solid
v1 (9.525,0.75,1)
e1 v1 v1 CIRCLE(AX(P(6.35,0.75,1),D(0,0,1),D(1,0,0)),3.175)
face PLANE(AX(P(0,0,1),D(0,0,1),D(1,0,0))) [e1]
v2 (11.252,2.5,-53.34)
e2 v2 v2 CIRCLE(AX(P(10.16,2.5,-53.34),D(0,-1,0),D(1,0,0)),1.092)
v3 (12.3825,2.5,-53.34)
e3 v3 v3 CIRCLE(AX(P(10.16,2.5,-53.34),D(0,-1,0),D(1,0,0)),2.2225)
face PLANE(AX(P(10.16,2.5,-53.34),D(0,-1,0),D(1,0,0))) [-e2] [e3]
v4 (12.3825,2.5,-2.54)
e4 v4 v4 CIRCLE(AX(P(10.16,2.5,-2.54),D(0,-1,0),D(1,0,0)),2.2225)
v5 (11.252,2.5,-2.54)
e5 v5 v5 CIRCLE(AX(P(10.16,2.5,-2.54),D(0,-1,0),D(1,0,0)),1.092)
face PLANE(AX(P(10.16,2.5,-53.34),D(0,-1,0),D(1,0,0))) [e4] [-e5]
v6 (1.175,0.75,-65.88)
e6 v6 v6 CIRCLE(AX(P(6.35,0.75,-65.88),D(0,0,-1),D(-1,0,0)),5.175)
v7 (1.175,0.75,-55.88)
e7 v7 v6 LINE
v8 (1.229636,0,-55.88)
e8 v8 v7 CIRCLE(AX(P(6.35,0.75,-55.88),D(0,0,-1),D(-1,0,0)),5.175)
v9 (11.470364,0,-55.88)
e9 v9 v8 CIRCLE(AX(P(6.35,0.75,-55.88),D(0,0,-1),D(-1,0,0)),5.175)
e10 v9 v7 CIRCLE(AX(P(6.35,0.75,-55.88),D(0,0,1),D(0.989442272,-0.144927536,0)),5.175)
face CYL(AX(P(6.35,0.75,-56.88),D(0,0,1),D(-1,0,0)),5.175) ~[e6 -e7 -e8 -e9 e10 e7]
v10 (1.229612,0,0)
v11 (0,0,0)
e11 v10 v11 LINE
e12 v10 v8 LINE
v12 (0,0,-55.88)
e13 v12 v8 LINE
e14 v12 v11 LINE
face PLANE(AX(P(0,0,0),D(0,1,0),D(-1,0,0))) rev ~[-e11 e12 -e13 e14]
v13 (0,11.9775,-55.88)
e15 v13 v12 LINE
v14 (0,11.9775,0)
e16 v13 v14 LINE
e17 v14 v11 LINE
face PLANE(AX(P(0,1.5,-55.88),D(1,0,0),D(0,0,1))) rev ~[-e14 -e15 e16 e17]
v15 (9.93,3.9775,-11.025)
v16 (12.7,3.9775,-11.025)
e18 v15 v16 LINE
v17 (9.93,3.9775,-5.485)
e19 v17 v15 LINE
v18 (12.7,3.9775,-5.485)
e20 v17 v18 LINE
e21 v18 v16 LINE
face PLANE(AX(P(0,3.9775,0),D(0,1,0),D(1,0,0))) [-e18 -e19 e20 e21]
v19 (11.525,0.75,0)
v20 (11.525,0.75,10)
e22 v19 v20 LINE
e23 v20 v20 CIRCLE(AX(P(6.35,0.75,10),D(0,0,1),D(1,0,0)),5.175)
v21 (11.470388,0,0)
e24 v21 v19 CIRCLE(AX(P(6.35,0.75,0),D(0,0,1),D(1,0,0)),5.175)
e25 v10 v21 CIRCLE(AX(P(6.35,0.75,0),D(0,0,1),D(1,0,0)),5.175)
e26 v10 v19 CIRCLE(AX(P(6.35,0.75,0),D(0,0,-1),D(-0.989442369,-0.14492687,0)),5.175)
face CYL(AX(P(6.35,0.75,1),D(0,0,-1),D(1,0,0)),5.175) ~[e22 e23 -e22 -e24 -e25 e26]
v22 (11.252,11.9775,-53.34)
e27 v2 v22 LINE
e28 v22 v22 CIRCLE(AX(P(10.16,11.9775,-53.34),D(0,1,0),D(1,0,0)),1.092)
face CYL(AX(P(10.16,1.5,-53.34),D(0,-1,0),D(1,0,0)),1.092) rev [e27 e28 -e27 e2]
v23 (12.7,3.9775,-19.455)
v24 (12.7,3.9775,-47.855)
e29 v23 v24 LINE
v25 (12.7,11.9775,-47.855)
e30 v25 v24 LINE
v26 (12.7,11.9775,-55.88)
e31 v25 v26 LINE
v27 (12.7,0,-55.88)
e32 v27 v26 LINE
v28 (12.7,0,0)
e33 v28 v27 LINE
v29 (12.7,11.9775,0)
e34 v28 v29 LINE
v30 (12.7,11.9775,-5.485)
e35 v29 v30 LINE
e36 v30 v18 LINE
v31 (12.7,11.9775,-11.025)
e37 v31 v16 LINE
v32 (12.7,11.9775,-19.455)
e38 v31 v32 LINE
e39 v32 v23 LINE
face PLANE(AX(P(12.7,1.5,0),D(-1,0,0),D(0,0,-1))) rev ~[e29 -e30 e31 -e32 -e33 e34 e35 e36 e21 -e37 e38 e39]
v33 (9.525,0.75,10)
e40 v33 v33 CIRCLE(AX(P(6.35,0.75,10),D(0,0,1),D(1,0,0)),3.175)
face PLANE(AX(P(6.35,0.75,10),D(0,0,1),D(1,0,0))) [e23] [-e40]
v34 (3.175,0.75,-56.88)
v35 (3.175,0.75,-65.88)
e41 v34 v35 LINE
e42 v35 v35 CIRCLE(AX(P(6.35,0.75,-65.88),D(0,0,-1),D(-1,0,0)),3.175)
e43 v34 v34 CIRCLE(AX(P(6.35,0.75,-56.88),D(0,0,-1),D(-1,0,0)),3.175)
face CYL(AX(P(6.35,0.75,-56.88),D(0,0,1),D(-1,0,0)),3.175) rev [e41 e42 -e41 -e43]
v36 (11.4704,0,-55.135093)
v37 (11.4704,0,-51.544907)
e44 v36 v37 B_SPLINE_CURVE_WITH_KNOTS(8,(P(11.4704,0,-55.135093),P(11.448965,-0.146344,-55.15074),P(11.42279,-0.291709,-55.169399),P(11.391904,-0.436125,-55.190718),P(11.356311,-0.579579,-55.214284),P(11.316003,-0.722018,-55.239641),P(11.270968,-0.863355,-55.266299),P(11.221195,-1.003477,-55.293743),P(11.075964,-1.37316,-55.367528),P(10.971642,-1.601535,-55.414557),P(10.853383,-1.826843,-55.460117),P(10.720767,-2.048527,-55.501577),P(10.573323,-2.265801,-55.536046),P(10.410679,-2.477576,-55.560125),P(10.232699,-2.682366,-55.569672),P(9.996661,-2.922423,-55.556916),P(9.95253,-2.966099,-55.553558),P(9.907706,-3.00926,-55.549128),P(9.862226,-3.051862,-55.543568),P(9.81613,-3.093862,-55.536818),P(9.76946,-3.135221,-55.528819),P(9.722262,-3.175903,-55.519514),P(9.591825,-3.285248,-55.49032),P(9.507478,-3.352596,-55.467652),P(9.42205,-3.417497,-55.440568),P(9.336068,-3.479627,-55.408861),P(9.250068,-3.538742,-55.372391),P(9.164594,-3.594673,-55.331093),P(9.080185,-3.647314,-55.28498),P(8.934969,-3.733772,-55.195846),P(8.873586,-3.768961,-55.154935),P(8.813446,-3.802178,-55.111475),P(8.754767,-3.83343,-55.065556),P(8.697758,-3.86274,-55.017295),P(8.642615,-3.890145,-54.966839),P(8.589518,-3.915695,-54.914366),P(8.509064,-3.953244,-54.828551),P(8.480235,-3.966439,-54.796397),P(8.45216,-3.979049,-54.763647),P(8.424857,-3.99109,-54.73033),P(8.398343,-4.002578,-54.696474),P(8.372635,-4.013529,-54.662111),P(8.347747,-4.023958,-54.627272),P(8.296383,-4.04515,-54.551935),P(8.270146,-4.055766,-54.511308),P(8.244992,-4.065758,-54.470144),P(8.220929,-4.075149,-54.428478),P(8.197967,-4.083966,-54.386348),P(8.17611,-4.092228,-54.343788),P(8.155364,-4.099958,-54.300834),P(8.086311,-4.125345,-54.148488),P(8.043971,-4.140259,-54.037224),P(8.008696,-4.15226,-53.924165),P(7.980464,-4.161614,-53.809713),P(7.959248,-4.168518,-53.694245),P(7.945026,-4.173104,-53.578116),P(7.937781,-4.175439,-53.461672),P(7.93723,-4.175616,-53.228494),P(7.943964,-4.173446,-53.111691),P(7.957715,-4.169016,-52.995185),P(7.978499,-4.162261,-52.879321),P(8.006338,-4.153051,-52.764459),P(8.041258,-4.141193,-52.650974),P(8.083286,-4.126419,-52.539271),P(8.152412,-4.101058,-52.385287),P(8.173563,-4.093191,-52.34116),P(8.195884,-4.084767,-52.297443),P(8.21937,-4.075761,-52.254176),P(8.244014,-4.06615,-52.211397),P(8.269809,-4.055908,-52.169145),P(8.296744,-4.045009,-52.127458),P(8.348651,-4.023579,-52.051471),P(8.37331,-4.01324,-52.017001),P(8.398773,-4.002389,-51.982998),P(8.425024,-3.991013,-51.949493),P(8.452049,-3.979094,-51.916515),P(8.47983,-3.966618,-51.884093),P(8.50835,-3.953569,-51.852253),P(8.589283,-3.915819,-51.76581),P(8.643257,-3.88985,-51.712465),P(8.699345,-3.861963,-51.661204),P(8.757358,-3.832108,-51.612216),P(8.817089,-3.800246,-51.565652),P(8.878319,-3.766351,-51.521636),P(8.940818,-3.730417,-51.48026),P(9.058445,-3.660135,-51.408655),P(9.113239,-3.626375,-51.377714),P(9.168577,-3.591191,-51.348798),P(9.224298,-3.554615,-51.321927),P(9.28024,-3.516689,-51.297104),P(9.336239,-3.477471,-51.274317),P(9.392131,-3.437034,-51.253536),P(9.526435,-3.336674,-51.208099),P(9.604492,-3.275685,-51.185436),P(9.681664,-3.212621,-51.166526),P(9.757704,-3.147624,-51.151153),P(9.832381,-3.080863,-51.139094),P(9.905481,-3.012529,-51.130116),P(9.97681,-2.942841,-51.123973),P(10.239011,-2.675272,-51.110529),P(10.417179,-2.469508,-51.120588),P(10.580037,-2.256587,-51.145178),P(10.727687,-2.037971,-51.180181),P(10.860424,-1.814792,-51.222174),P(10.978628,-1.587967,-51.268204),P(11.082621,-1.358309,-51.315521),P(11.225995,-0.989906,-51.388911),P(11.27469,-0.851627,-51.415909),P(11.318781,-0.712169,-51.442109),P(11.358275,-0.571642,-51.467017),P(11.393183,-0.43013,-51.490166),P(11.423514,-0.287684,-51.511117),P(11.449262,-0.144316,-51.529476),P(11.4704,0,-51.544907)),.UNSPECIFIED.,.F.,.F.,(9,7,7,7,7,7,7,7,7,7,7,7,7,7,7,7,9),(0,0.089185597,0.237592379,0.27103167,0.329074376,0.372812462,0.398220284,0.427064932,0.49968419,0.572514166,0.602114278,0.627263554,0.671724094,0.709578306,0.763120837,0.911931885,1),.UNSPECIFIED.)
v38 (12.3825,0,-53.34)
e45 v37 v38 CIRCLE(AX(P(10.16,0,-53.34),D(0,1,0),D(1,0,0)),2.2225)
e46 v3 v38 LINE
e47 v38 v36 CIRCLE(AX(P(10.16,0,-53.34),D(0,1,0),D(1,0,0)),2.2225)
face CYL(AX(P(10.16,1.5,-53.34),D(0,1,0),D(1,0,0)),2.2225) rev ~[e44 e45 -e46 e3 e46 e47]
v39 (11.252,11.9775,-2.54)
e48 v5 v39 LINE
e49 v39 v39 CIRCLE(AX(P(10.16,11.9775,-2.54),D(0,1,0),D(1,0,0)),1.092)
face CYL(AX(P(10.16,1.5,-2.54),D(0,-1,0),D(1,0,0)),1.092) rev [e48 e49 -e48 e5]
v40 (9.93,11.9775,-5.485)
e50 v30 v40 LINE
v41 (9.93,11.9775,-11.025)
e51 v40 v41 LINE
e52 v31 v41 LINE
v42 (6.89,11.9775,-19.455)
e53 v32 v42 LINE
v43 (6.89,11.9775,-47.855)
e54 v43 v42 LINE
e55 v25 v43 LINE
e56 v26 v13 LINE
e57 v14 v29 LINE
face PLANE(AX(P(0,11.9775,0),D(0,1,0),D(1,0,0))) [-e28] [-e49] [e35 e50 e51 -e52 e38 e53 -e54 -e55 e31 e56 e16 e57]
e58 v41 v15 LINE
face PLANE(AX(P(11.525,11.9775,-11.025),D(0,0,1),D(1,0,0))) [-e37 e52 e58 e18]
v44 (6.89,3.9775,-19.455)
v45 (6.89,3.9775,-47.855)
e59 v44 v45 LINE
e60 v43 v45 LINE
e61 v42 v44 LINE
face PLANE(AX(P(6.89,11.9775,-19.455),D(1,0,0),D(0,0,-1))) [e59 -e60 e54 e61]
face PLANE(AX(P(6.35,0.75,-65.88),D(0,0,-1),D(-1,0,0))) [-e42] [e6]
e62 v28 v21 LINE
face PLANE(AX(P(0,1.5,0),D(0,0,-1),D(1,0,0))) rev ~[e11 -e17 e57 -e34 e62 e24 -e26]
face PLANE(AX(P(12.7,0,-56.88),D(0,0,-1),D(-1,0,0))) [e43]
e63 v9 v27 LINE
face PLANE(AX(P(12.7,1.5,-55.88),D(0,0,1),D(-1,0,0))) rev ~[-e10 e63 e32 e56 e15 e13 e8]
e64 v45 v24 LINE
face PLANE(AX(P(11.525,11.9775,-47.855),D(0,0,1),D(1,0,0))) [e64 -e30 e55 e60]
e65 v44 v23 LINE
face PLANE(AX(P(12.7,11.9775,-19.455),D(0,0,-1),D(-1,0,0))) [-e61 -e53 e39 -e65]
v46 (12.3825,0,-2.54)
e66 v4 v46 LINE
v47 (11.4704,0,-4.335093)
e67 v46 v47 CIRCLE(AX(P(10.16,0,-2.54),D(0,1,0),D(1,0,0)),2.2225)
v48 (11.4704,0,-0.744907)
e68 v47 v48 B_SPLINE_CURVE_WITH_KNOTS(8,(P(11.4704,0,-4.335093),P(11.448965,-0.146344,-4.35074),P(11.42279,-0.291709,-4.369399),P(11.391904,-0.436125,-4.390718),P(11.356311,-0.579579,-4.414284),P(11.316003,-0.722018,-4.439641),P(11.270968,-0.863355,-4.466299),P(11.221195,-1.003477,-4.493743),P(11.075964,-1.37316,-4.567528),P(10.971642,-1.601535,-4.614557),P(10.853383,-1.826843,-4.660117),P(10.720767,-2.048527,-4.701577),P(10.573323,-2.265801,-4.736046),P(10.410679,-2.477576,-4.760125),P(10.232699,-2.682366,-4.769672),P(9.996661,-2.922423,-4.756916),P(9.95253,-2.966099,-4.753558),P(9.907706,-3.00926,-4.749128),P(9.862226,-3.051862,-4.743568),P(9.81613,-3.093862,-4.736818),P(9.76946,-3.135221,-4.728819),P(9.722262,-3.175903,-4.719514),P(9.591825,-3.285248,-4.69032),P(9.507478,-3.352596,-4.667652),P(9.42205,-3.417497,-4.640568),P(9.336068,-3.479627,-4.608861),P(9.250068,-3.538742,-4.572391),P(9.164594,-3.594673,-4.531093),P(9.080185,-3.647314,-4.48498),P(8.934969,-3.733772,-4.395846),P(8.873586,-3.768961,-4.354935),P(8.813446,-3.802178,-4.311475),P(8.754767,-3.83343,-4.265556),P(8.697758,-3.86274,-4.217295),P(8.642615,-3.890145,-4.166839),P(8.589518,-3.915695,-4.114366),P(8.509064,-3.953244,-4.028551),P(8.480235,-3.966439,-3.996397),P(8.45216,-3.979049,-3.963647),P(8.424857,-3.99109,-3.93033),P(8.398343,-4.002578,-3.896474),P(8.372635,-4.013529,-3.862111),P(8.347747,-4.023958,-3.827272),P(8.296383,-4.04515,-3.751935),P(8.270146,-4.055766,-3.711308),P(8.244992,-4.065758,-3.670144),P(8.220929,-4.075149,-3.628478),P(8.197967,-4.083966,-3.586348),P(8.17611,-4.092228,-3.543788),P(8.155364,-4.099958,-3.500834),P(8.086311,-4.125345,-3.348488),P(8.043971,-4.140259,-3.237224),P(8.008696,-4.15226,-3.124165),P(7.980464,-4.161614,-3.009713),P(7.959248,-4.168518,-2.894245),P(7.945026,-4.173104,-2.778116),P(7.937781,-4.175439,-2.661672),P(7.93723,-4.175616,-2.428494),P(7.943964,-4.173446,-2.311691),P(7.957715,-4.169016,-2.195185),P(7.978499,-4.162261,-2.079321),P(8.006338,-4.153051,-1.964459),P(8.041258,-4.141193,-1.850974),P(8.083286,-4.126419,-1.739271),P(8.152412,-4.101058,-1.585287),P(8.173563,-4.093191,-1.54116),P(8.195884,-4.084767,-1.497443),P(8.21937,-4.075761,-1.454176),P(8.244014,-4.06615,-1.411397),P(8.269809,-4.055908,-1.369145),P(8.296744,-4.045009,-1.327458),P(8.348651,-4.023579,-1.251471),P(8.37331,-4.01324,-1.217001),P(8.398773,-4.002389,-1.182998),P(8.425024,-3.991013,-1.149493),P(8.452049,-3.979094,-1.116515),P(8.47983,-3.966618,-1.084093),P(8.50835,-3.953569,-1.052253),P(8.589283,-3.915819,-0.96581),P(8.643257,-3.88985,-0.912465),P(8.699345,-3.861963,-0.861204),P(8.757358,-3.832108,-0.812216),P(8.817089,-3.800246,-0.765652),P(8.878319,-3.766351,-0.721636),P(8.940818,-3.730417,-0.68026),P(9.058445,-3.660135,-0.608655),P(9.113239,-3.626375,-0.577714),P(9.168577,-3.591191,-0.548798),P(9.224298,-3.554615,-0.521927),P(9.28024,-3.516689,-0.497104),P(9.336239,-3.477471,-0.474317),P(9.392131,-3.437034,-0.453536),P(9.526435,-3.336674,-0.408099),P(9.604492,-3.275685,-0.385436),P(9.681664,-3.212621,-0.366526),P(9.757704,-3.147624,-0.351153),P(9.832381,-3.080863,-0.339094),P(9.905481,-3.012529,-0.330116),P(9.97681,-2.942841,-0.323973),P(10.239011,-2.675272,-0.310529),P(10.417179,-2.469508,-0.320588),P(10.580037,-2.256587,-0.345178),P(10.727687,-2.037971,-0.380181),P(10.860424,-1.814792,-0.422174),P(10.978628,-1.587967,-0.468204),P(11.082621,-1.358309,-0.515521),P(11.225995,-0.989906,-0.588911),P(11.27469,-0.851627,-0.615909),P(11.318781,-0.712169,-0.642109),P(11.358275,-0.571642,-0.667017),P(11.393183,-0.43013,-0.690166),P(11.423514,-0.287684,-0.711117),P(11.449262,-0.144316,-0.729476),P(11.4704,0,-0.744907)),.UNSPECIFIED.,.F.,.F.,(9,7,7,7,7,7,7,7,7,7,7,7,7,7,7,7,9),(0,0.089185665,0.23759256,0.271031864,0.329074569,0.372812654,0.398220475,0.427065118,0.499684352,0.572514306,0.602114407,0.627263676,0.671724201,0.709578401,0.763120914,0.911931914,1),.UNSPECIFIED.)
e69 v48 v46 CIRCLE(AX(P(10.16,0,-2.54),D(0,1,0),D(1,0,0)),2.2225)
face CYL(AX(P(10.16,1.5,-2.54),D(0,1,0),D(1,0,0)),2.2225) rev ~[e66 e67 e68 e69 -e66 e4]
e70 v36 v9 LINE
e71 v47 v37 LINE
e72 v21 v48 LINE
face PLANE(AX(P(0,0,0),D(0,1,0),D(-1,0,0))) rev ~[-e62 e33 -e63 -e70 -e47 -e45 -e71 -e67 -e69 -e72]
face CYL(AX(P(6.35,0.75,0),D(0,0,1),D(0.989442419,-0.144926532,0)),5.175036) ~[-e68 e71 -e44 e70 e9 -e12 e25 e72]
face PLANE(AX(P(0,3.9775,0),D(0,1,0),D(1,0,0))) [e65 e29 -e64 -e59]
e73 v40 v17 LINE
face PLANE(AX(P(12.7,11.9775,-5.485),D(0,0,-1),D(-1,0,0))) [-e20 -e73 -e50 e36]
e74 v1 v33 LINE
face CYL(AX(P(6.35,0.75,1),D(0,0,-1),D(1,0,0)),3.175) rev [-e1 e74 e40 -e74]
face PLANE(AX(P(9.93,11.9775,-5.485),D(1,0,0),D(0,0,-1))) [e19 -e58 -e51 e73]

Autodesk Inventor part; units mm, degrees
ref_plane "YZ Plane" through (0, 0, 0) normal (1, 0, 0) x (0, 1, 0)
ref_plane "XZ Plane" through (0, 0, 0) normal (0, 1, 0) x (-1, 0, 0)
ref_plane "XY Plane" through (0, 0, 0) normal (0, 0, 1) x (1, 0, 0)
sketch "Sketch1" plane through (0, 0, 0) normal (0, 1, 0) x (-1, 0, 0)
  line L0 (0, -55.88) -> (-12.7, -55.88)
  line L1 (-12.7, 0) -> (0, 0)
  line L2 (0, 0) -> (0, -20.94)
  line L3 (0, -34.94) -> (0, -55.88)
  line L4 (-12.7, -55.88) -> (-12.7, -34.94)
  line L5 (-12.7, -20.94) -> (-12.7, 0)
  line L6 (0, -20.94) -> (0, -34.94)
  line L7 (-12.7, -20.94) -> (-12.7, -34.94)
  dimension "d1" = 55.88
  dimension "d2" = 12.7
extrude "Extrusion1" add sketch "Sketch1" along normal blind 1.5
sketch "Sketch2" plane through (0, 1.5, 0) normal (0, 1, 0) x (1, 0, 0)
  line L0 (12.7, 0) -> (12.7, 55.88) projected
  line L1 (12.7, 0) -> (10.16, 0)
  line L2 (12.7, 2.54) -> (12.7, 0)
  circle A0 centre (10.16, 2.54) radius 1.092
  circle A1 centre (10.16, 53.34) radius 1.092
  point P0 (0, 0)
  dimension "d8" = 2.184
  dimension "d10" = 2.184
extrude "Extrusion2" cut sketch "Sketch2" against normal blind 1.5
sketch "Sketch5" plane through (0, 0, 0) normal (0, 0, 1) x (1, 0, 0)
  line L0 (12.7, 0) -> (0, 0) projected
  line L1 (6.35, 0) -> (6.35, 1.5)
  line L2 (12.7, 1.5) -> (0, 1.5) projected
  line L3 (0, 0) -> (0, 1.5) projected
  line L4 (0, 0.75) -> (12.7, 0.75)
  line L5 (12.7, 0) -> (12.7, 1.5) projected
  circle A0 centre (6.35, 0.75) radius 5.175
  dimension "d30" = 10.35
extrude "Extrusion5" add sketch "Sketch5" along normal blind 1 contours A0 L0 | L0 L1 L4 A0 | L0 A0 L4 L1 | L4 L1 L2 A0 | L4 A0 L2 L1 | L2 A0
sketch "Sketch6" plane through (6.35, 0.75, 1) normal (0, 0, 1) x (1, 0, 0)
  circle A0 centre (0, 0) radius 5.175
  circle A1 centre (0, 0) radius 3.175
  point P0 (-6.35, -0.75)
  dimension "d35" = 6.35
extrude "Extrusion6" add sketch "Sketch6" along normal blind 9
sketch "Sketch7" plane through (12.7, 0, -55.88) normal (0, 0, -1) x (-1, 0, 0)
  line L0 (0, 0) -> (0, 1.5) projected
  line L1 (0, 0.75) -> (12.7, 0.75)
  line L2 (12.7, 0) -> (12.7, 1.5) projected
  line L3 (11.4704, 1.5) -> (1.2296, 1.5) projected
  line L4 (6.35, 1.5) -> (6.35, 0)
  circle A0 centre (6.35, 0.75) radius 5.175
extrude "Extrusion7" add sketch "Sketch7" along normal blind 1
sketch "Sketch8" plane through (6.35, 0.75, -56.88) normal (0, 0, -1) x (-1, 0, 0)
  circle A0 centre (0, 0) radius 5.175
  circle A1 centre (0, 0) radius 3.175
  point P0 (6.35, -0.75)
  dimension "d40" = 6.35
extrude "Extrusion8" add sketch "Sketch8" along normal blind 9
thread "Thread1" size "1/4-20 UNC" class "2B" standard "ANSI Unified Screw Threads" full length
thread "Thread2" size "1/4-20 UNC" class "2B" standard "ANSI Unified Screw Threads" full length
sketch "Sketch9" plane through (0, 0, 0) normal (0, 0, -1) x (-1, 0, 0)
  arc A0 (-11.4704, 0) -> (-1.2296, 0) centre (-6.35, 0.75) ccw projected
  line L0 (0, 0) -> (-1.2296, 0) projected
  line L1 (-11.4704, 0) -> (-1.2296, 0)
  circle A1 centre (-6.35, 0.75) radius 5.175
extrude "Extrusion9" add sketch "Sketch9" along normal up to next contours L1 A0
sketch "Sketch10" plane through (10.16, 0, -2.54) normal (0, 1, 0) x (1, 0, 0)
  circle A0 centre (0, 0) radius 1.092
  circle A1 centre (0, 50.8) radius 1.092 projected
  circle A2 centre (0, 50.8) radius 1.092
  point P0 (-10.16, -2.54)
  dimension "d60" = 2.184
extrude "Extrusion10" cut sketch "Sketch10" against normal up to next
sketch "Sketch12" plane through (0, 1.5, 0) normal (0, 1, 0) x (1, 0, 0)
  circle A0 centre (10.16, 2.54) radius 1.092 projected
  circle A1 centre (10.16, 2.54) radius 1.092
  circle A2 centre (10.16, 2.54) radius 2.2225
  circle A3 centre (10.16, 53.34) radius 1.092 projected
  circle A4 centre (10.16, 53.34) radius 1.092
  circle A5 centre (10.16, 53.34) radius 2.2225
  point P0 (0, 0)
  dimension "d54" = 4.445
  dimension "d55" = 4.445
extrude "Extrusion11" cut sketch "Sketch12" against normal blind 5.925
sketch "Sketch13" plane through (0, 1.5, 0) normal (0, 1, 0) x (1, 0, 0)
  line L0 (12.7, 0) -> (12.7, 55.88) projected
  line L1 (12.7, 55.88) -> (0, 55.88)
  line L2 (0, 55.88) -> (0, 0)
  line L3 (0, 0) -> (12.7, 0)
  line L4 (12.7, 0) -> (12.7, 55.88)
  circle A0 centre (10.16, 53.34) radius 1.092 projected
  circle A1 centre (10.16, 53.34) radius 1.092
  circle A2 centre (10.16, 2.54) radius 1.092 projected
  circle A3 centre (10.16, 2.54) radius 1.092
extrude "Extrusion12" add sketch "Sketch13" along normal blind 10.4775
thread "Thread5" size "2-56 UNC" class "2B" standard "ANSI Unified Screw Threads" full length
thread "Thread6" size "2-56 UNC" class "2B" standard "ANSI Unified Screw Threads" full length
sketch "Sketch14" plane through (10.16, 1.5, -53.34) normal (0, -1, 0) x (1, 0, 0)
  circle A0 centre (0, 0) radius 1.092 projected
  circle A1 centre (0, 0) radius 2.2225
  circle A2 centre (0, 50.8) radius 2.2225 projected
  circle A3 centre (0, 50.8) radius 2.2225
  circle A4 centre (0, 0) radius 1.092
  circle A5 centre (0, 50.8) radius 1.092
  point P0 (-10.16, 53.34)
extrude "Extrusion13" cut sketch "Sketch14" against normal blind 1
sketch "Sketch15" plane through (0, 11.9775, 0) normal (0, 1, 0) x (1, 0, 0)
  line L0 (12.7, 0) -> (12.7, 6.985)
  line L1 (12.7, 0) -> (12.7, 55.88) projected
  line L2 (12.7, 0) -> (19.685, 0) construction
  line L3 (11.525, -10) -> (11.525, 65.88) projected
  line L4 (11.43, 6.985) -> (13.97, 6.985) construction
  line L5 (11.43, 6.985) -> (12.43, 6.985) construction
  line L6 (11.43, 9.525) -> (12.43, 9.525) construction
  line L7 (12.7, 5.985) -> (12.7, 10.525)
  line L8 (12.7, 5.985) -> (12.7, 5.485)
  line L9 (12.7, 5.485) -> (9.93, 5.485)
  line L10 (9.93, 5.485) -> (9.93, 11.025)
  line L11 (9.93, 11.025) -> (12.7, 11.025)
  line L12 (12.7, 11.025) -> (12.7, 10.525)
  point P0 (0, 0)
  dimension "d72" = 90
  dimension "d130" = 0.5
  dimension "d131" = 2.77
  dimension "d132" = 5.54
extrude "Extrusion14" cut sketch "Sketch15" against normal blind 8
sketch "Sketch16" plane through (0, 11.9775, 0) normal (0, 1, 0) x (1, 0, 0)
  line L0 (12.7, 0) -> (12.7, 55.88) projected
  line L1 (12.7, 40.234) -> (13.97, 40.234) construction
  line L2 (0, 0) -> (12.7, 0) projected
  line L3 (11.43, 0) -> (40.005, 0) construction
  line L4 (11.525, -10) -> (11.525, 65.88) projected
  line L5 (11.43, 28.575) -> (13.97, 28.575) construction
  line L6 (11.43, 46.355) -> (12.43, 46.355) construction
  line L7 (11.43, 28.575) -> (13.97, 28.575) construction
  line L8 (11.43, 20.955) -> (12.43, 20.955) construction
  line L9 (6.89, 19.955) -> (6.89, 47.355)
  line L10 (12.7, 47.355) -> (12.7, 19.955)
  line L11 (6.89, 47.355) -> (6.89, 47.855)
  line L12 (6.89, 47.855) -> (12.7, 47.855)
  line L13 (12.7, 47.855) -> (12.7, 47.355)
  line L14 (12.7, 19.955) -> (12.7, 19.455)
  line L15 (12.7, 0) -> (12.7, 55.88) projected
  line L16 (12.7, 19.455) -> (6.89, 19.455)
  line L17 (6.89, 19.455) -> (6.89, 19.955)
  point P0 (12.7, 10.525)
  dimension "d123" = 5.81
  dimension "d129" = 28.4
extrude "Extrusion15" cut sketch "Sketch16" against normal blind 8 contours L16 L4 L12 L0 | L16 L17 L9 L11 L12 L4
properties part number "Line Sensor 6 Bracket 2.0"
